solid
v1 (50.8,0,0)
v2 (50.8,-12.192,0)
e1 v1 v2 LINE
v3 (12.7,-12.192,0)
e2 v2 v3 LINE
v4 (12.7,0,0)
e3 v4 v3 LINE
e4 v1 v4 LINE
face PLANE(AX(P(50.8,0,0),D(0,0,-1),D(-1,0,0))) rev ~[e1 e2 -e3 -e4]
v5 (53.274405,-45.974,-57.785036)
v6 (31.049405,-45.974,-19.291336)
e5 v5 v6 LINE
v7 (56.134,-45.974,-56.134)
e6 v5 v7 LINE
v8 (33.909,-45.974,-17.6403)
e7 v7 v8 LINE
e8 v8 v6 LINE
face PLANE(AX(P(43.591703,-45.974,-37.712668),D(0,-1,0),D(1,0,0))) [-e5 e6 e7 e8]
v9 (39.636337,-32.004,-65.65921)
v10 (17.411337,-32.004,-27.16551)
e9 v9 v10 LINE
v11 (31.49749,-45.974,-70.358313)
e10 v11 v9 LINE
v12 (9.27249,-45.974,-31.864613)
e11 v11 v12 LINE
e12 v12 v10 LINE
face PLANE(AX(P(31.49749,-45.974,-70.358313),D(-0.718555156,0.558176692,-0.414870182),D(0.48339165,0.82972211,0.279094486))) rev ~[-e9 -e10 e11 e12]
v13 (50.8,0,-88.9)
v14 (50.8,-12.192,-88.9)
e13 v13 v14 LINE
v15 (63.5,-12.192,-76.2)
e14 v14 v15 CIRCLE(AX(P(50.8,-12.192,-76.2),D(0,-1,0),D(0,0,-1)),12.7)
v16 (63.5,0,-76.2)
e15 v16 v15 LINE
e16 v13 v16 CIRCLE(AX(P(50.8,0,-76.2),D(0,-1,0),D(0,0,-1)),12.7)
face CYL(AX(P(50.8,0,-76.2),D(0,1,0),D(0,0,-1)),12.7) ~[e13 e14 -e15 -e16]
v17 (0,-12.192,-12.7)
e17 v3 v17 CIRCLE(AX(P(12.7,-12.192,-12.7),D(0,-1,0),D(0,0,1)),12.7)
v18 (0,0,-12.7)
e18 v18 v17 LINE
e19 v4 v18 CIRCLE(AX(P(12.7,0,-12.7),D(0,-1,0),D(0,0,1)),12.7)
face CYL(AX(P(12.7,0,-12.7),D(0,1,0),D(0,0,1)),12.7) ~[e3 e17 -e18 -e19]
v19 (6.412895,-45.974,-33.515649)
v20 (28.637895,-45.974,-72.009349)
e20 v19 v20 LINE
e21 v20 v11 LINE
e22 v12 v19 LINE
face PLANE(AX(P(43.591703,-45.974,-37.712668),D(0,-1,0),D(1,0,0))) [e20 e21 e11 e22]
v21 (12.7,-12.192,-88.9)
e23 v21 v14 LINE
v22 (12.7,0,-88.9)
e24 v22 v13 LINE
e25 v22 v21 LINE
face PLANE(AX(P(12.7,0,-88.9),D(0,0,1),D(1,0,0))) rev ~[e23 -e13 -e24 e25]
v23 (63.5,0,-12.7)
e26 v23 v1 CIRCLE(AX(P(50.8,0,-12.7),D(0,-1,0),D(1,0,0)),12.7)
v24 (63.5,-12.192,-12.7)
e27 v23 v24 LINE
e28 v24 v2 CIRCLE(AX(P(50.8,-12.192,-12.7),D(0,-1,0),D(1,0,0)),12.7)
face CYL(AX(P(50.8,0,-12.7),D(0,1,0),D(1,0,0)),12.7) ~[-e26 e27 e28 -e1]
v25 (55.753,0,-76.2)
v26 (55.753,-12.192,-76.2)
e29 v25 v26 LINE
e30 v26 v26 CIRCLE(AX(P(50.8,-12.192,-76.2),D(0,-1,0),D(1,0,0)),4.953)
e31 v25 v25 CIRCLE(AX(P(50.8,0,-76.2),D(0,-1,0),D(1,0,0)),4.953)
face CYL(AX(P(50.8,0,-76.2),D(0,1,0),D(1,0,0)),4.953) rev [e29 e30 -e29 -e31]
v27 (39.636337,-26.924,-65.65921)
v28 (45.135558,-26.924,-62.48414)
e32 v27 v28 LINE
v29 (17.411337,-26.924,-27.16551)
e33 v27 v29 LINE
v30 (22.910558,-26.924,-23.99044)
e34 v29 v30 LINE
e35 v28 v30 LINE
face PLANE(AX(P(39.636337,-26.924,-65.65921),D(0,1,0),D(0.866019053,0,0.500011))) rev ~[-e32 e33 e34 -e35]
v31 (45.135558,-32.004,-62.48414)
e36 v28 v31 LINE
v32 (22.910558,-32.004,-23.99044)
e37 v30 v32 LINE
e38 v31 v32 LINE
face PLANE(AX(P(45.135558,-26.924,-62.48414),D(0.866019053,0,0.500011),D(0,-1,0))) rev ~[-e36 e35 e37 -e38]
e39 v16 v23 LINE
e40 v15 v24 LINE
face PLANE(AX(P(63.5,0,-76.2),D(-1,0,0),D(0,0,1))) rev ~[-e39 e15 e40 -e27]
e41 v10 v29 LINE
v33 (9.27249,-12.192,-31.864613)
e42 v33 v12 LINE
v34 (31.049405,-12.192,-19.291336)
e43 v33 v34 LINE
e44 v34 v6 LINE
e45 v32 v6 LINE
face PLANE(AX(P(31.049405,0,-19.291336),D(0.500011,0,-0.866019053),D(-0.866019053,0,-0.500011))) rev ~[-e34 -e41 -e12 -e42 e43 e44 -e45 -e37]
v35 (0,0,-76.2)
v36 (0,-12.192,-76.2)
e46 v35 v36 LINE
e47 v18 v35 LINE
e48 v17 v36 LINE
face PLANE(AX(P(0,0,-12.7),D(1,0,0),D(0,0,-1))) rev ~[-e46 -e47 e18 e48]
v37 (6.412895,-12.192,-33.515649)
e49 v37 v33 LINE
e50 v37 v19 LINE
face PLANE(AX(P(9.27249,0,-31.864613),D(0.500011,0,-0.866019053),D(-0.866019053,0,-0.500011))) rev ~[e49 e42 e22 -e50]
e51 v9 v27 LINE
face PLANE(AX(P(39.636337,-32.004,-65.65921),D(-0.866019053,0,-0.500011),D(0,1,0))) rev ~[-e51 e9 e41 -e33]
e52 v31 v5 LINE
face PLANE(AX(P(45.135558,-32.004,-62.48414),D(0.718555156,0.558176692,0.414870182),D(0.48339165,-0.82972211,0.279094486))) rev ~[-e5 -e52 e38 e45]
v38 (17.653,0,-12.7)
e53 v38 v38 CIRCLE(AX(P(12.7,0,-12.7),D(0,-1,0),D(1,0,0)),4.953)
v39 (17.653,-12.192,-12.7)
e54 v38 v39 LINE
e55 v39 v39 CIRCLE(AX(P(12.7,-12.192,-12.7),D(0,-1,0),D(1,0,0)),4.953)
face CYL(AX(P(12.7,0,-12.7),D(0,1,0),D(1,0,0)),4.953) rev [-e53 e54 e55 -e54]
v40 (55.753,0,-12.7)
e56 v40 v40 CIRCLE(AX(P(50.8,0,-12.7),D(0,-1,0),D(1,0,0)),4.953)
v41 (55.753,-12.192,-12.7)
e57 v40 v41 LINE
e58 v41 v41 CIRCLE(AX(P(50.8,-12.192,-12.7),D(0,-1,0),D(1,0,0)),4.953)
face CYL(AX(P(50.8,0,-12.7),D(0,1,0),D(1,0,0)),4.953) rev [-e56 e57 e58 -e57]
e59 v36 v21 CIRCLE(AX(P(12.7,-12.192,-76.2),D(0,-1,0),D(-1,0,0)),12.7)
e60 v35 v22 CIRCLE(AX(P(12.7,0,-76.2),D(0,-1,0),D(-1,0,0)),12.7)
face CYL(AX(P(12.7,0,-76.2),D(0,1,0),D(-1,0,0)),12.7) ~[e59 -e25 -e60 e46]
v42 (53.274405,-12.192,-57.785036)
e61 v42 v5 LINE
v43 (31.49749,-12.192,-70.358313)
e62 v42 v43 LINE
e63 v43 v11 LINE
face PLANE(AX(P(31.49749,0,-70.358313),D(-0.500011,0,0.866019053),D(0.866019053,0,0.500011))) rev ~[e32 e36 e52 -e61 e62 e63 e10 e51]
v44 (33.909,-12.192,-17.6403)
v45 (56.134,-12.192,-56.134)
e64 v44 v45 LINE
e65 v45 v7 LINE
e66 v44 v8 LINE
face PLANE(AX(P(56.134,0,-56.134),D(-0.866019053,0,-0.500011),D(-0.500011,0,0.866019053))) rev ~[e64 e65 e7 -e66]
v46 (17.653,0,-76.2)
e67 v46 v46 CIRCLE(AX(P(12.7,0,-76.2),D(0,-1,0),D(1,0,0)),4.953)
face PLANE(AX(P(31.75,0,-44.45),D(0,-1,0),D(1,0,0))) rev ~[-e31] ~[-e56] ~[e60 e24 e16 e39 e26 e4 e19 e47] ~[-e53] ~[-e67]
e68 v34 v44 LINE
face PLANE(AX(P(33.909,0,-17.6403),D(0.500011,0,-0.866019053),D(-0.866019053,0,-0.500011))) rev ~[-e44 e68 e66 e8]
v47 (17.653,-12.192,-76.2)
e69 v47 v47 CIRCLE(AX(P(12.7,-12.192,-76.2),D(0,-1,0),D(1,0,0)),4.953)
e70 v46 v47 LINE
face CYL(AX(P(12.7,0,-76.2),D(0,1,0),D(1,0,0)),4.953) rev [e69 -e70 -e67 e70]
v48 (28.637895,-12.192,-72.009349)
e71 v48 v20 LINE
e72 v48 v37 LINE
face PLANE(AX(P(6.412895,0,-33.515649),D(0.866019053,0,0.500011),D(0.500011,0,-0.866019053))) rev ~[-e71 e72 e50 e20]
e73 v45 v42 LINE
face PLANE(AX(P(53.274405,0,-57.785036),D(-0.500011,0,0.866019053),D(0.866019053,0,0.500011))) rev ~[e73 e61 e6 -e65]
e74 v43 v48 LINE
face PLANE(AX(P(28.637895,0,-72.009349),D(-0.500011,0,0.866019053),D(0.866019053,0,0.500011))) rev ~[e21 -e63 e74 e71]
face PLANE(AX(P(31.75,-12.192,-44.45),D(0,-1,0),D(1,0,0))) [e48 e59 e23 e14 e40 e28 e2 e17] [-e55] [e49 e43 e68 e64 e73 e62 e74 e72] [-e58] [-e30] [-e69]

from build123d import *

# Parameters (mm, degrees)
F0_R     = 4.953
F1_DEPTH = 12.192
F2_DEPTH = 45.974
F4_DEPTH = 203.2


with BuildPart() as f1:
    # F0 (on Front) → F1 (new body)
    with BuildSketch(Plane.XZ):
        with BuildLine():
            Line((50.8, 0), (12.7, 0))
            ThreePointArc((12.7, 0), (3.7197438789, -3.7197438789), (0, -12.7))
            Line((0, -12.7), (0, -76.2))
            ThreePointArc((0, -76.2), (3.7197438789, -85.1802561211), (12.7, -88.9))
            Line((12.7, -88.9), (50.8, -88.9))
            ThreePointArc((50.8, -88.9), (59.7802561211, -85.1802561211), (63.5, -76.2))
            Line((63.5, -76.2), (63.5, -12.7))
            ThreePointArc((63.5, -12.7), (59.7802561211, -3.7197438789), (50.8, 0))
        make_face()
        with Locations((12.7, -76.2)):
            Circle(F0_R, mode=Mode.SUBTRACT)
        Polygon((31.0494050882, -19.2913363232), (33.909, -17.6403), (56.134, -56.134), (53.2744050882, -57.7850363232), (45.1355580316, -62.4841397046), (39.6363370474, -65.6592095569), (31.4974899908, -70.3583129383), (28.637895079, -72.0093492615), (6.412895079, -33.5156492615), (9.2724899908, -31.8646129383), (17.4113370474, -27.1655095569), (22.9105580316, -23.9904397046), align=None, mode=Mode.SUBTRACT)
        with Locations((50.8, -76.2)):
            Circle(F0_R, mode=Mode.SUBTRACT)
        with Locations((12.7, -12.7)):
            Circle(F0_R, mode=Mode.SUBTRACT)
        with Locations((50.8, -12.7)):
            Circle(F0_R, mode=Mode.SUBTRACT)
    extrude(amount=F1_DEPTH)

    # F0 (on Front) → F2 (join)
    with BuildSketch(Plane.XZ):
        Polygon((56.134, -56.134), (33.909, -17.6403), (31.0494050882, -19.2913363232), (53.2744050882, -57.7850363232), align=None)
        Polygon((53.2744050882, -57.7850363232), (31.0494050882, -19.2913363232), (22.9105580316, -23.9904397046), (45.1355580316, -62.4841397046), align=None)
        Polygon((45.1355580316, -62.4841397046), (22.9105580316, -23.9904397046), (17.4113370474, -27.1655095569), (39.6363370474, -65.6592095569), align=None)
        Polygon((39.6363370474, -65.6592095569), (17.4113370474, -27.1655095569), (9.2724899908, -31.8646129383), (31.4974899908, -70.3583129383), align=None)
        Polygon((31.4974899908, -70.3583129383), (9.2724899908, -31.8646129383), (6.412895079, -33.5156492615), (28.637895079, -72.0093492615), align=None)
    extrude(amount=F2_DEPTH)

    # F3 (on face) → F4 (cut)
    with BuildSketch(Plane(origin=(38.3412090132, 0, -66.4069740109), x_dir=(0.8660190526, 0, 0.5000110004), z_dir=(0.5000110004, 0, -0.8660190526))):
        Polygon((-7.9025039941, 45.974), (1.4954960059, 32.004), (1.4954960059, 26.924), (7.8454960059, 26.924), (7.8454960059, 32.004), (17.2434960059, 45.974), align=None)
    extrude(amount=-F4_DEPTH, mode=Mode.SUBTRACT)


solid = f1.part
